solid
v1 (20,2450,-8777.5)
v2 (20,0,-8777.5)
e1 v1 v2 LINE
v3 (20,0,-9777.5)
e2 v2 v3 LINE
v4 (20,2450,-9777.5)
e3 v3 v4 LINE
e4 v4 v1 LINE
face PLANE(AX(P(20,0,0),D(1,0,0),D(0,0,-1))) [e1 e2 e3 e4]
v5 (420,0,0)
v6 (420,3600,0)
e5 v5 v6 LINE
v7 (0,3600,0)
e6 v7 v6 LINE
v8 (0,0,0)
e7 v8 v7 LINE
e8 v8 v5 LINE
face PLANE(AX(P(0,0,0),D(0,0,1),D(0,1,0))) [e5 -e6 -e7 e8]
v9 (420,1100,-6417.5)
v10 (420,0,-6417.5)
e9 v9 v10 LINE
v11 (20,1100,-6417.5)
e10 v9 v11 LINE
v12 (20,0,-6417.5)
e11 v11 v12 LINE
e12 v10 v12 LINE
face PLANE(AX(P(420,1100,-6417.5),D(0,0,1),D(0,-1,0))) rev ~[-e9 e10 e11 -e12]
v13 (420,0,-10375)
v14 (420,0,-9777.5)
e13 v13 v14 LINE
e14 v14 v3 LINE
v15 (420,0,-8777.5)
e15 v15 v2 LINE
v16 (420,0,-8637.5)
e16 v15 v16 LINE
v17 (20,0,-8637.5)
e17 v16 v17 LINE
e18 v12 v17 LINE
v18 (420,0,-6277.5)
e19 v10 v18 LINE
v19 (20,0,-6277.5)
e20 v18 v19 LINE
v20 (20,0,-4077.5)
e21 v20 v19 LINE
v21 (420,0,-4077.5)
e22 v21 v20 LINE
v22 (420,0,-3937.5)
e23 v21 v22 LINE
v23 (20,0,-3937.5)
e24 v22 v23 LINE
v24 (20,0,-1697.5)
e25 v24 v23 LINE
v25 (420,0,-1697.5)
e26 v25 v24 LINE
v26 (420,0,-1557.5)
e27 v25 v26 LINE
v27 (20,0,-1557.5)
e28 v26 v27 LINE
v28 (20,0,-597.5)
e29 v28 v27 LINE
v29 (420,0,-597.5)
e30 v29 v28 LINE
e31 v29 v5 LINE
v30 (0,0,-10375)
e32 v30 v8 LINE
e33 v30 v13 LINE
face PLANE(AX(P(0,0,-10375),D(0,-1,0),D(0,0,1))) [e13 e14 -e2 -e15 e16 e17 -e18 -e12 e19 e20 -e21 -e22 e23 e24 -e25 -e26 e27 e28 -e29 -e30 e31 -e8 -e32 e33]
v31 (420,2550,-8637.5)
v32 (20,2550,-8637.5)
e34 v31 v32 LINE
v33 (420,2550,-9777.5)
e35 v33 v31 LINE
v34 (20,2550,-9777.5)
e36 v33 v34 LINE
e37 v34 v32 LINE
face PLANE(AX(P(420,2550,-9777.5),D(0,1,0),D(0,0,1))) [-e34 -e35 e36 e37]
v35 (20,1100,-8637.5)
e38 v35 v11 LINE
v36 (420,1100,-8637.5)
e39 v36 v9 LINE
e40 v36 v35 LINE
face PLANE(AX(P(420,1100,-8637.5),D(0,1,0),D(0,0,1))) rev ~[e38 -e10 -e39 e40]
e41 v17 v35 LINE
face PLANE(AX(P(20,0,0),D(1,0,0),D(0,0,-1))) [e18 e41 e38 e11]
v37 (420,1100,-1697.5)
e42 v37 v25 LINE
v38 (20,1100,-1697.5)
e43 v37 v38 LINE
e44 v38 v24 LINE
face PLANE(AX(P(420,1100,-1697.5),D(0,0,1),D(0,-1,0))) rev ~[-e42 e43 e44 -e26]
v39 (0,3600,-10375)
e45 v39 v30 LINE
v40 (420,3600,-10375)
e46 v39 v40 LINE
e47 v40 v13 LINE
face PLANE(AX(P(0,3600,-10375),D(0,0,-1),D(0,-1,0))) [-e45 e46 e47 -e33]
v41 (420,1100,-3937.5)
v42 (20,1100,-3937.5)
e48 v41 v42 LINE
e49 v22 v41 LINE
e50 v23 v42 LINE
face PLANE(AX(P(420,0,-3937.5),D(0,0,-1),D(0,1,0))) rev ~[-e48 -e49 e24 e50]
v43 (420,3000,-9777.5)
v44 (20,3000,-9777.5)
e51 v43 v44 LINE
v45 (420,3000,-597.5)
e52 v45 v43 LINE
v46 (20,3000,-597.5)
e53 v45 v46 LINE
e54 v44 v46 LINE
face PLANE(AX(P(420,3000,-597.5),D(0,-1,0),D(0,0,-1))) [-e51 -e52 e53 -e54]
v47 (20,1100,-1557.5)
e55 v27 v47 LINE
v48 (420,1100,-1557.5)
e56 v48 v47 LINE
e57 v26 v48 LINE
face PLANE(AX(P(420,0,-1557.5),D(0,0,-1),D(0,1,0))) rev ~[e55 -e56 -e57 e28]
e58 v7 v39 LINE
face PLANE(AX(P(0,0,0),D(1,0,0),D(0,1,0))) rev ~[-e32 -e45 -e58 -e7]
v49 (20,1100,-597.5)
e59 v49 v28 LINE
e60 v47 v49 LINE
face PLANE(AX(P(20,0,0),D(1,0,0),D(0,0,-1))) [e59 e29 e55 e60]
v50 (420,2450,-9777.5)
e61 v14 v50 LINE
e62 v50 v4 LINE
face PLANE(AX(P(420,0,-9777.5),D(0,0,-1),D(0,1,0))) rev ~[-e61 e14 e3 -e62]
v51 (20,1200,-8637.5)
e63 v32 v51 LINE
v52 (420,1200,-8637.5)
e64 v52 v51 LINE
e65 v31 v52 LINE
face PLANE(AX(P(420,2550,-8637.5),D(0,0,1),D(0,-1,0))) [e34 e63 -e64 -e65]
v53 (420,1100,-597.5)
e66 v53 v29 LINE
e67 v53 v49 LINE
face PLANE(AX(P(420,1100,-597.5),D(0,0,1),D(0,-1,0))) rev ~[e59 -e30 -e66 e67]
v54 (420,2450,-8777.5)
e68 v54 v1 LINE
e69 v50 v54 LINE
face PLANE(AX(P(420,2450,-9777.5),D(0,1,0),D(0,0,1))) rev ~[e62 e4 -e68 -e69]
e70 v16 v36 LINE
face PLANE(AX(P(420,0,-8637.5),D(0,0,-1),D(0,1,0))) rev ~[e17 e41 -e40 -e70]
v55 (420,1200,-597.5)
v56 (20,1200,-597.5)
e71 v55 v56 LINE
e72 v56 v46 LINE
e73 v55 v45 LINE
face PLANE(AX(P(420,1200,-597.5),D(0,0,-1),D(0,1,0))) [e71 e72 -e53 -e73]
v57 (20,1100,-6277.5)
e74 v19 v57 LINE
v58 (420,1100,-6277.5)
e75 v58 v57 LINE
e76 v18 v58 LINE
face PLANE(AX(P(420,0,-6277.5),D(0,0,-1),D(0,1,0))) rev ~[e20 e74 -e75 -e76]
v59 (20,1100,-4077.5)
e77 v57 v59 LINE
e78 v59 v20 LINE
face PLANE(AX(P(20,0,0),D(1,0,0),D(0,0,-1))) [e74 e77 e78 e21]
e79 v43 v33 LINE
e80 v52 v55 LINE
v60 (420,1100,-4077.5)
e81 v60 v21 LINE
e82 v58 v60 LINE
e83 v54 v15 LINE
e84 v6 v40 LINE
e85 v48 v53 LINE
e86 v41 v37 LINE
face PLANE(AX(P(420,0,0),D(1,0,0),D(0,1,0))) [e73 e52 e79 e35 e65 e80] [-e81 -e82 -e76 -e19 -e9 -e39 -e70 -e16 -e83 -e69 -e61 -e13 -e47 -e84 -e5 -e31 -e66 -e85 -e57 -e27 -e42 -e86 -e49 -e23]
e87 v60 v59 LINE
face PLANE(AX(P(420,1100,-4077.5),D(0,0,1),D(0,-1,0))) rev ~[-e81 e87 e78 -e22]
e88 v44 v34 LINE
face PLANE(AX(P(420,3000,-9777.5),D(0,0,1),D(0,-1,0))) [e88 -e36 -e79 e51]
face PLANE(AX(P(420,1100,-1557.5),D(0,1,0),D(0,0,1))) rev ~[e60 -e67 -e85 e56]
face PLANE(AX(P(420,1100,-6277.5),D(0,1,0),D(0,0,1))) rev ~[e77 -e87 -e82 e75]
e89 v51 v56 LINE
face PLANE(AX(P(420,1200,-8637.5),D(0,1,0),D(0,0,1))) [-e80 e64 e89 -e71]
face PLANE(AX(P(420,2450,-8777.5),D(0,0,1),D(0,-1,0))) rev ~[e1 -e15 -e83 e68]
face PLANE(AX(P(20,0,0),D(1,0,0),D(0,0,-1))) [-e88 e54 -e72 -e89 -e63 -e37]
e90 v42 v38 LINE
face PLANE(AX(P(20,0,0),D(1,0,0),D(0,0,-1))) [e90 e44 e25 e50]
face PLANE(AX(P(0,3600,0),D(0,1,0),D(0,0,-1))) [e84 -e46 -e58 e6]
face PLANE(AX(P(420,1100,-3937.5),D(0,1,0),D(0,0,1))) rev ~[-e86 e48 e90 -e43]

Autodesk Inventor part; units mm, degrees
ref_plane "YZ Plane" through (0, 0, 0) normal (1, 0, 0) x (0, 1, 0)
ref_plane "XZ Plane" through (0, 0, 0) normal (0, 1, 0) x (-1, 0, 0)
ref_plane "XY Plane" through (0, 0, 0) normal (0, 0, 1) x (1, 0, 0)
sketch "Sketch1" plane through (0, 0, 0) normal (1, 0, 0) x (0, 1, 0)
  line L0 (0, 0) -> (3600, 0)
  line L1 (3600, 0) -> (3600, -10375)
  line L2 (3600, -10375) -> (0, -10375)
  line L3 (0, -10375) -> (0, 0)
  dimension "d0" = 3600
  dimension "d1" = 10375
extrude "Extrusion1" add sketch "Sketch1" along normal blind 420
sketch "Sketch2" plane through (420, 0, 0) normal (1, 0, 0) x (0, 0, -1)
  line L0 (597.5, 0) -> (1557.5, 0)
  line L1 (1557.5, 0) -> (1557.5, 1100)
  line L2 (1557.5, 1100) -> (597.5, 1100)
  line L3 (597.5, 1100) -> (597.5, 0)
  line L4 (1697.5, 0) -> (3937.5, 0)
  line L5 (3937.5, 0) -> (3937.5, 1100)
  line L6 (3937.5, 1100) -> (1697.5, 1100)
  line L7 (1697.5, 1100) -> (1697.5, 0)
  line L8 (4077.5, 0) -> (6277.5, 0)
  line L9 (6277.5, 0) -> (6277.5, 1100)
  line L10 (6277.5, 1100) -> (4077.5, 1100)
  line L11 (4077.5, 1100) -> (4077.5, 0)
  line L12 (6417.5, 0) -> (8637.5, 0)
  line L13 (8637.5, 0) -> (8637.5, 1100)
  line L14 (8637.5, 1100) -> (6417.5, 1100)
  line L15 (6417.5, 1100) -> (6417.5, 0)
  line L16 (8777.5, 0) -> (9777.5, 0)
  line L17 (9777.5, 0) -> (9777.5, 2450)
  line L18 (9777.5, 2450) -> (8777.5, 2450)
  line L19 (8777.5, 2450) -> (8777.5, 0)
  line L20 (597.5, 3000) -> (8901.1126, 3000)
  line L21 (8637.5, 2550) -> (8637.5, 1200)
  line L22 (8637.5, 1200) -> (597.5, 1200)
  line L23 (597.5, 1200) -> (597.5, 3000)
  line L24 (8901.1126, 3000) -> (9777.5, 3000)
  line L25 (9777.5, 3000) -> (9777.5, 2550)
  line L26 (9777.5, 2550) -> (8637.5, 2550)
  line L27 (0, 0) -> (10375, 0) projected
  line L28 (0, 0) -> (0, 3600) projected
  line L29 (10375, 0) -> (10375, 3600) projected
  point P0 (1077.5, 0)
  point P1 (2817.5, 0)
  point P2 (5177.5, 0)
  point P3 (7527.5, 0)
  point P4 (9277.5, 0)
  dimension "d4" = 1000
  dimension "d5" = 2450
  dimension "d6" = 140
  dimension "d7" = 140
  dimension "d8" = 140
  dimension "d9" = 140
  dimension "d10" = 960
  dimension "d11" = 2240
  dimension "d12" = 2200
  dimension "d13" = 2220
  dimension "d16" = 100
  dimension "d17" = 3000
  dimension "d18" = 100
  dimension "d19" = 597.5
  dimension "d21" = 1100
extrude "Extrusion2" cut sketch "Sketch2" against normal blind 400
properties part number "frente salon"
